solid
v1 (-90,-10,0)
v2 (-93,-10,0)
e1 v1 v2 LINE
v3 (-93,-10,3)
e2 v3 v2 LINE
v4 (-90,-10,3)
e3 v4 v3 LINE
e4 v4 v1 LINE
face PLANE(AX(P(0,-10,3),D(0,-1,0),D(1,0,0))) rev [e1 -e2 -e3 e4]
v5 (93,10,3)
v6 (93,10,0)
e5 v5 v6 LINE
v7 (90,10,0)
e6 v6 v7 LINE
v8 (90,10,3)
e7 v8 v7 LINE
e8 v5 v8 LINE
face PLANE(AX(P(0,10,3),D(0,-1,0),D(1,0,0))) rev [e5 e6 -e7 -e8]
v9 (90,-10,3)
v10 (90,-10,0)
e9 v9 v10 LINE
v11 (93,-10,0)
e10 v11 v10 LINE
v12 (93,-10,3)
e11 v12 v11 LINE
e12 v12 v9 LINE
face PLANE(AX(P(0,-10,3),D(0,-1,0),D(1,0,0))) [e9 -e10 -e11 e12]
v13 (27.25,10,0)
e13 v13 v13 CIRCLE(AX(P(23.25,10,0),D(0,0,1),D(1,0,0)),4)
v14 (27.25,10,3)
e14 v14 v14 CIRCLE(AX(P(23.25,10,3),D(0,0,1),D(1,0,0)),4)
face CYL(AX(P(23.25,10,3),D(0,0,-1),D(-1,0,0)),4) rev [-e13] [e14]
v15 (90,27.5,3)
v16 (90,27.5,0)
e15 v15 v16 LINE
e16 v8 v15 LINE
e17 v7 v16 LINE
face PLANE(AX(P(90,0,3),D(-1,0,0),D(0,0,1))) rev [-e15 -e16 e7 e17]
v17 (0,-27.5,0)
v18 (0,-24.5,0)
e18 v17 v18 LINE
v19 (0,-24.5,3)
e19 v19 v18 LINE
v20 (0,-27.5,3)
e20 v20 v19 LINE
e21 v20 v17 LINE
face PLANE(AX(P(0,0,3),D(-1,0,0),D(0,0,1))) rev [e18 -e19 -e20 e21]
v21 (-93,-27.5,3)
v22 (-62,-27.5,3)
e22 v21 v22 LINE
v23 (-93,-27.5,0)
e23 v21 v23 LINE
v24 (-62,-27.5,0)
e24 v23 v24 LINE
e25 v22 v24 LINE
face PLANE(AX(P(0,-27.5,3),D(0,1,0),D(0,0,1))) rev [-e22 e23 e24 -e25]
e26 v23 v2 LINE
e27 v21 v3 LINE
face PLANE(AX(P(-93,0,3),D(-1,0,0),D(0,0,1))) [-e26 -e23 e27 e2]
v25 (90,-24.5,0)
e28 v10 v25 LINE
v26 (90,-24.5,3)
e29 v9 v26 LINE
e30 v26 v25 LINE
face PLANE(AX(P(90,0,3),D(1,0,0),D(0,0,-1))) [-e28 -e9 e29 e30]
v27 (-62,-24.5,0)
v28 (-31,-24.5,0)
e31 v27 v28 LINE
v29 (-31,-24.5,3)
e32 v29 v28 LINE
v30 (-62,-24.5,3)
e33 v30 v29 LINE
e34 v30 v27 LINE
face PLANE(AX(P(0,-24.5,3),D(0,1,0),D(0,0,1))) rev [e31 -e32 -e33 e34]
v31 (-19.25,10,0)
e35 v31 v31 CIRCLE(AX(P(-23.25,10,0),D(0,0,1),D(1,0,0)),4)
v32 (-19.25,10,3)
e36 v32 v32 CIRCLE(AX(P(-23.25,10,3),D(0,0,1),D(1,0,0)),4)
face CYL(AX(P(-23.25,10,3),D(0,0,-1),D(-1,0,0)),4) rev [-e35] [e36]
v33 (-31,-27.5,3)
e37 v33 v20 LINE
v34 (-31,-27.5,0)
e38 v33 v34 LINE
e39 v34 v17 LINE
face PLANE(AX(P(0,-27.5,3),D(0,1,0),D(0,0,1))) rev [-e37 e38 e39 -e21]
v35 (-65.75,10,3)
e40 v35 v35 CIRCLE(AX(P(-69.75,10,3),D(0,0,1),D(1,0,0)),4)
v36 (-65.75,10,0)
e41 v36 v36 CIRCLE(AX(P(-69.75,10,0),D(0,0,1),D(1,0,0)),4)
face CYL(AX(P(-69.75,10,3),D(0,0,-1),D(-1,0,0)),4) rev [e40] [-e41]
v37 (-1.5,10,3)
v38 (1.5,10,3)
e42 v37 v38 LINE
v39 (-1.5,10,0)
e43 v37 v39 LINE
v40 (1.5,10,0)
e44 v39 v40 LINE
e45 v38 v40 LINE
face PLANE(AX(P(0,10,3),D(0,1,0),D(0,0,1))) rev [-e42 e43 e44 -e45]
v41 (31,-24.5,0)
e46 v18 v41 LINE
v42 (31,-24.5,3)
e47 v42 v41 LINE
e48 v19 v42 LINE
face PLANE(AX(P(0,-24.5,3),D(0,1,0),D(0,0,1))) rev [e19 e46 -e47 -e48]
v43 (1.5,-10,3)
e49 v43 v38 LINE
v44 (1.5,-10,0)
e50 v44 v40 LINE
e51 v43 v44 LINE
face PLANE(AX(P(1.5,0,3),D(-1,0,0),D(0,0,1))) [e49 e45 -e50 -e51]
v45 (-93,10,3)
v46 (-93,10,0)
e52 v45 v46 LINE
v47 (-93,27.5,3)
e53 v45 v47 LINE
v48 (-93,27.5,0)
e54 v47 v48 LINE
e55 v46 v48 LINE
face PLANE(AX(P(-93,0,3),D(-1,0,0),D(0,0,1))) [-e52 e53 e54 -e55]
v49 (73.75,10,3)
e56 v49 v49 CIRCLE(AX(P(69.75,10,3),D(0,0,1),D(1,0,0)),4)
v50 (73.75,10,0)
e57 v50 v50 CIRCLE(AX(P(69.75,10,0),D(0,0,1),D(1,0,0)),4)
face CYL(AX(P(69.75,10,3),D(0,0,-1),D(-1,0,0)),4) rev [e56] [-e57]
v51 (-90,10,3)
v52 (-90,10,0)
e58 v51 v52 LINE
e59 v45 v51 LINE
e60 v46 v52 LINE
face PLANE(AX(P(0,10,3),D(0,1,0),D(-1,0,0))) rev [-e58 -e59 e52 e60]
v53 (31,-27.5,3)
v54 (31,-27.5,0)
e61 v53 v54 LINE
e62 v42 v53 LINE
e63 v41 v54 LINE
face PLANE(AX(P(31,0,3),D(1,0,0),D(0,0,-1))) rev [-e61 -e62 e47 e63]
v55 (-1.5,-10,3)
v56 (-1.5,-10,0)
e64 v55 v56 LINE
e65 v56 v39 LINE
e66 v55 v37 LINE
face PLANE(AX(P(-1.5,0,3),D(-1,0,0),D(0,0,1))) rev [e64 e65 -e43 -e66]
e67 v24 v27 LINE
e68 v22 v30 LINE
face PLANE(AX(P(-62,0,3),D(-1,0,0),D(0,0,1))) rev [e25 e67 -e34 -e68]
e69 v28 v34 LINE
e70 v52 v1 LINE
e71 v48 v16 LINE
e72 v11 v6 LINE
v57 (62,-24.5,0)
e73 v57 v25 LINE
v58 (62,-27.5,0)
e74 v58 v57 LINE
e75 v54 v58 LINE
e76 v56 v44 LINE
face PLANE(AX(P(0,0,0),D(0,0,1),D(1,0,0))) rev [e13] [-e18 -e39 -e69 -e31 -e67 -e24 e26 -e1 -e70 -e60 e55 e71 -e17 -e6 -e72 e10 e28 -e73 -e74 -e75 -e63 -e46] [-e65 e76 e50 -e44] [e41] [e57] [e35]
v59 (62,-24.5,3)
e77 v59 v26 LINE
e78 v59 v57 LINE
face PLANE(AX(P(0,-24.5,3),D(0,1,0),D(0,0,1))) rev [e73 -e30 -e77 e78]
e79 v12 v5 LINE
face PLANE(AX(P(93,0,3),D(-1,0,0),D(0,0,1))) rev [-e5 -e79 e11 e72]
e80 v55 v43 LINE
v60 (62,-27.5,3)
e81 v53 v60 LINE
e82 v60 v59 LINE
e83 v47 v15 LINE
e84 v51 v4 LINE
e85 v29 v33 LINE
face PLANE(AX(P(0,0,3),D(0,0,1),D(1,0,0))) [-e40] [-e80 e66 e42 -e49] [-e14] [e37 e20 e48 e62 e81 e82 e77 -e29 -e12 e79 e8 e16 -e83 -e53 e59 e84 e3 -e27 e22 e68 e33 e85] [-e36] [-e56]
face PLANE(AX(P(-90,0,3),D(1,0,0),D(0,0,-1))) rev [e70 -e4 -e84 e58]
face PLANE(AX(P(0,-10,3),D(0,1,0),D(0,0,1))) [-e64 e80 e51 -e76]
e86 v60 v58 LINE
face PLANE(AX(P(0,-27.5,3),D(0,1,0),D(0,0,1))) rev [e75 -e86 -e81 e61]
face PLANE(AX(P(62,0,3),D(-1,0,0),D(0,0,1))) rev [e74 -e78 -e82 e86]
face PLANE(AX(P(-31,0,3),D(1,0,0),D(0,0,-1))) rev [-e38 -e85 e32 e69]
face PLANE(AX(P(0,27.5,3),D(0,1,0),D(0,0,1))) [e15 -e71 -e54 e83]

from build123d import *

# Parameters (mm, degrees)
SKETCH1_R           = 4
SKETCH1_W           = 3
SKETCH1_H           = 20
BOSS_EXTRUDE1_DEPTH = 3


with BuildPart() as part:
    # Sketch1 → Boss-Extrude1 (new body)
    with BuildSketch(Plane.XY):
        Polygon((-93, 27.5), (-93, 10), (-90, 10), (-90, -10), (-93, -10), (-93, -27.5), (-62, -27.5), (-62, -24.5), (-31, -24.5), (-31, -27.5), (0, -27.5), (0, -24.5), (31, -24.5), (31, -27.5), (62, -27.5), (62, -24.5), (90, -24.5), (90, -10), (93, -10), (93, 10), (90, 10), (90, 27.5), (0, 27.5), align=None)
        with Locations((-69.75, 10)):
            Circle(SKETCH1_R, mode=Mode.SUBTRACT)
        Rectangle(SKETCH1_W, SKETCH1_H, mode=Mode.SUBTRACT)
        with Locations((-23.25, 10)):
            Circle(SKETCH1_R, mode=Mode.SUBTRACT)
        with Locations((23.25, 10)):
            Circle(SKETCH1_R, mode=Mode.SUBTRACT)
        with Locations((69.75, 10)):
            Circle(SKETCH1_R, mode=Mode.SUBTRACT)
    extrude(amount=BOSS_EXTRUDE1_DEPTH)


solid = part.part
